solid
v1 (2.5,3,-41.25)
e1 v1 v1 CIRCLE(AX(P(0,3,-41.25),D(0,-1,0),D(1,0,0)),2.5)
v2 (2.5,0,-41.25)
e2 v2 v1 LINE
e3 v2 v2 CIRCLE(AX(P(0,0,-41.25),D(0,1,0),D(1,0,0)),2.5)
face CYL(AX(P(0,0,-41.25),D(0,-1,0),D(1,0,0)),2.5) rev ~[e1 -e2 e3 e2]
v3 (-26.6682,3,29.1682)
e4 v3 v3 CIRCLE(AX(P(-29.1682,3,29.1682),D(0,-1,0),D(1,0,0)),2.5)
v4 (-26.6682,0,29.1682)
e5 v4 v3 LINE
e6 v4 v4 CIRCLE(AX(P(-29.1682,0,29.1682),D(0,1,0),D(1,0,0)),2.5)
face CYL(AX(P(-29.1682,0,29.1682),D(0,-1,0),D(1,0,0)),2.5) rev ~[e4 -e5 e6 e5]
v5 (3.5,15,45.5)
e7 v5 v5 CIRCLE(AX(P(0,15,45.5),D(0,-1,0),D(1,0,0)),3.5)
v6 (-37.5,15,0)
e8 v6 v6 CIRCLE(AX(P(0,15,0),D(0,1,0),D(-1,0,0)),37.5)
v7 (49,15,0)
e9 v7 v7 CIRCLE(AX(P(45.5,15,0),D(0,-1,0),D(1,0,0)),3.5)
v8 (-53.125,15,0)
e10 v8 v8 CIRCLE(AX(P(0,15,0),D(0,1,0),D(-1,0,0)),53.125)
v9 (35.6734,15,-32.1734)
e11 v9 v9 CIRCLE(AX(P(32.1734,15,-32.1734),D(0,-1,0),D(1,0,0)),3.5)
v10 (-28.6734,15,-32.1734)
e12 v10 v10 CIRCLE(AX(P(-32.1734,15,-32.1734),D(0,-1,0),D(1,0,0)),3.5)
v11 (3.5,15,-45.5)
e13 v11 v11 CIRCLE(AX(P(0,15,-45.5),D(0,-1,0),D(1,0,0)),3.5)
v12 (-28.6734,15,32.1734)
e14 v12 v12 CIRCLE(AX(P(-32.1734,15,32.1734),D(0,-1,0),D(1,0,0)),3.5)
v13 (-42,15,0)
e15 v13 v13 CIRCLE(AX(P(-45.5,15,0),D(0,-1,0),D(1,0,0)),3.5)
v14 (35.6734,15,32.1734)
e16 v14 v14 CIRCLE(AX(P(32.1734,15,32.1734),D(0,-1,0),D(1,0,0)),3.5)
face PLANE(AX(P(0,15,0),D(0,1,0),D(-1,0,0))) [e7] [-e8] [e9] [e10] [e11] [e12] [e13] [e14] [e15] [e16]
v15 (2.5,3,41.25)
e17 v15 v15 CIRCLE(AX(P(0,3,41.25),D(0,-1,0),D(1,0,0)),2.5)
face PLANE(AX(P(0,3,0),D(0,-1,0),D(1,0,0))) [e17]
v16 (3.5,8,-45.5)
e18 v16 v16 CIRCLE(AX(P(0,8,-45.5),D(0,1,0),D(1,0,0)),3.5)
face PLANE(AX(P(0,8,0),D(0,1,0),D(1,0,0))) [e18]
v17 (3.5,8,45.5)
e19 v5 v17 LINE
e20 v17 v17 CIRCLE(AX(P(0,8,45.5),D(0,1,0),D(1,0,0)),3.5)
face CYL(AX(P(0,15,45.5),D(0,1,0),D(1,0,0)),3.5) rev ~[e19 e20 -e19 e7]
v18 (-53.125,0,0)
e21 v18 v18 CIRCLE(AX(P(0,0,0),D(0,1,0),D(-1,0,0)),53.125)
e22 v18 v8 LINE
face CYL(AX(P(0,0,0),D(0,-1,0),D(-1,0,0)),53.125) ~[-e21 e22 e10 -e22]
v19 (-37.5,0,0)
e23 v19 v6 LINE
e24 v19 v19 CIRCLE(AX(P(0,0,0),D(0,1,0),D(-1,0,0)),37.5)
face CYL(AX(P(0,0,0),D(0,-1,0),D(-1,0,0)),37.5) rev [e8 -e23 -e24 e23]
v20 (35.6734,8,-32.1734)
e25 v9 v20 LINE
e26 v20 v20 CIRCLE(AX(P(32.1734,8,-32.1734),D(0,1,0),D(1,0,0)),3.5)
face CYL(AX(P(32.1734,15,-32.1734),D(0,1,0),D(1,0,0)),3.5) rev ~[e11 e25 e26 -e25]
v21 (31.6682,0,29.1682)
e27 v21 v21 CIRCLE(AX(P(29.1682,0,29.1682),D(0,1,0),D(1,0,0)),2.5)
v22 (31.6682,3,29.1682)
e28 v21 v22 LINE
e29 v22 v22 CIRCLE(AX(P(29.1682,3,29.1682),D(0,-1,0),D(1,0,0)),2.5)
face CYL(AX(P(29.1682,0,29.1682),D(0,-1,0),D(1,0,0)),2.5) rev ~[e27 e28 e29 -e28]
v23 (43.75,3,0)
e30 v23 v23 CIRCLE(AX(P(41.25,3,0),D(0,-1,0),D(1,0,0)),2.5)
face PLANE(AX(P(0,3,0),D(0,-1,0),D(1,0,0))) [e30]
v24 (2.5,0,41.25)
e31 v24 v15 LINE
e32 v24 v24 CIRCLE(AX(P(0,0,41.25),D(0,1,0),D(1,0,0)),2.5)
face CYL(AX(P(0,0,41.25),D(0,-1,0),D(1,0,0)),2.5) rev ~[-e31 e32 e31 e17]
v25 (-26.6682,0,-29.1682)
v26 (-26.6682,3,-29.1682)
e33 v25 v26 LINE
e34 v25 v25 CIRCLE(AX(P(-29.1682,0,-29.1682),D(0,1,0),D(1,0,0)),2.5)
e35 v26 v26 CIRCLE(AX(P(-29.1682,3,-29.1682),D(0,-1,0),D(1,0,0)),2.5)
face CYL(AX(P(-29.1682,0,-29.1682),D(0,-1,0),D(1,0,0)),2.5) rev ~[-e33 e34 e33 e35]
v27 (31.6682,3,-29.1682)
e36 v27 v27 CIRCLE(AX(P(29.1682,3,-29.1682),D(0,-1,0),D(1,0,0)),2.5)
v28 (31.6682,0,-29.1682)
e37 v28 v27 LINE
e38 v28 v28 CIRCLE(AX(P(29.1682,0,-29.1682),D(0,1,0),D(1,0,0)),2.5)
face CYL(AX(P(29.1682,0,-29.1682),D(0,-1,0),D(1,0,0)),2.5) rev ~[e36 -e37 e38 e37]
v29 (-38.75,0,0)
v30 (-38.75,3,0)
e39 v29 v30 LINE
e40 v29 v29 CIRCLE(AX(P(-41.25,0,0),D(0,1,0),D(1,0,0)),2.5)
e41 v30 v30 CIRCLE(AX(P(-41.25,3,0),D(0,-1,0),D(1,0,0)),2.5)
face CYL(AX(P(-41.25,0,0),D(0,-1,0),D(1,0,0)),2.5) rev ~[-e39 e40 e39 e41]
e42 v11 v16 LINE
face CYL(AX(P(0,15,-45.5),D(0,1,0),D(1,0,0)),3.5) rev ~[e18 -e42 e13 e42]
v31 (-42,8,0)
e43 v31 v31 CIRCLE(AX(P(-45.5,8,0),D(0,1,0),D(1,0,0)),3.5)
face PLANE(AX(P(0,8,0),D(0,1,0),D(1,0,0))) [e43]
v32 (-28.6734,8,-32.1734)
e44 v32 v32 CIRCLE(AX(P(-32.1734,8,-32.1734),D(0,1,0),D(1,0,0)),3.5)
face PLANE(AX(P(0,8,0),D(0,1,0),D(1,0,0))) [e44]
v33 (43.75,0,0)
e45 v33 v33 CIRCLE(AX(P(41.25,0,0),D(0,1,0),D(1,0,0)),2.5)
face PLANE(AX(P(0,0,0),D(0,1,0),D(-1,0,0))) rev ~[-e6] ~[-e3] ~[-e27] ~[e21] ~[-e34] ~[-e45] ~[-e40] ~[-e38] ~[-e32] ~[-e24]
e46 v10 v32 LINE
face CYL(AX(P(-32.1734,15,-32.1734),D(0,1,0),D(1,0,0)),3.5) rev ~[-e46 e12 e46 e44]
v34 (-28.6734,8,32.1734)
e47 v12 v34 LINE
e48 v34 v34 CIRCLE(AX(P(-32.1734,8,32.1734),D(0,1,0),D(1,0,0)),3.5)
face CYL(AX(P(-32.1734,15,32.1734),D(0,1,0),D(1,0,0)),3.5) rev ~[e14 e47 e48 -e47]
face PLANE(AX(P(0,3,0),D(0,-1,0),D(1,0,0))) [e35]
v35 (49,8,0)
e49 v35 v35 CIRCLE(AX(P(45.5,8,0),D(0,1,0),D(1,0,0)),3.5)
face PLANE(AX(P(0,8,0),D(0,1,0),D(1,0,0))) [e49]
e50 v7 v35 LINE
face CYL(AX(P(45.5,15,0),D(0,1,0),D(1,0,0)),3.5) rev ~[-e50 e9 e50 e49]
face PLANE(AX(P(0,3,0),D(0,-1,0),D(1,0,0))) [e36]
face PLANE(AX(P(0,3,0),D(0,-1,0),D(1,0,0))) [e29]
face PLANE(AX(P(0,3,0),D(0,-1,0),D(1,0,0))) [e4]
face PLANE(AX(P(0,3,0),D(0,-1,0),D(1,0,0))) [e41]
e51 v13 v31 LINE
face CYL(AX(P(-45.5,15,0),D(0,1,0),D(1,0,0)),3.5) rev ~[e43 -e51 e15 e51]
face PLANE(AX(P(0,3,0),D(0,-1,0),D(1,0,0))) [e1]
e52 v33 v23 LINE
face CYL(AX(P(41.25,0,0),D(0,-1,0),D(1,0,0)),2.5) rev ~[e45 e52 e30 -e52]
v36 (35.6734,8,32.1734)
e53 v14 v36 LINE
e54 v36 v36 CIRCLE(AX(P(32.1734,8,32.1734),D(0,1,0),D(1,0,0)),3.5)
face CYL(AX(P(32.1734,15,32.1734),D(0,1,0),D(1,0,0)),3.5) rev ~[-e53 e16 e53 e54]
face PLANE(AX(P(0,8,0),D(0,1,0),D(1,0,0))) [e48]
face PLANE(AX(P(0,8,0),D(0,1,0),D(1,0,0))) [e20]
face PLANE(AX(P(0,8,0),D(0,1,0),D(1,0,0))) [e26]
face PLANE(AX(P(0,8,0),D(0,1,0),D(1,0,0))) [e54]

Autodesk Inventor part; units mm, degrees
ref_plane "YZ Plane" through (0, 0, 0) normal (1, 0, 0) x (0, 1, 0)
ref_plane "XZ Plane" through (0, 0, 0) normal (0, 1, 0) x (-1, 0, 0)
ref_plane "XY Plane" through (0, 0, 0) normal (0, 0, 1) x (1, 0, 0)
sketch "Sketch1" plane through (0, 0, 0) normal (0, 1, 0) x (-1, 0, 0)
  circle A0 centre (0, 0) radius 53.125
  circle A1 centre (0, 0) radius 37.5
  dimension "d0" = 106.25
  dimension "d1" = 75
extrude "Extrusion1" add sketch "Sketch1" along normal blind 15
sketch "Sketch2" plane through (0, 0, 0) normal (0, -1, 0) x (1, 0, 0)
  circle A0 centre (0, 0) radius 41.25
  circle A1 centre (-41.25, 0) radius 2.5
  circle A2 centre (-29.1682, -29.1682) radius 2.5
  circle A3 centre (0, -41.25) radius 2.5
  circle A4 centre (29.1682, -29.1682) radius 2.5
  circle A5 centre (41.25, 0) radius 2.5
  circle A6 centre (29.1682, 29.1682) radius 2.5
  circle A7 centre (0, 41.25) radius 2.5
  circle A8 centre (-29.1682, 29.1682) radius 2.5
  dimension "d4" = 82.5
  dimension "d5" = 5
  dimension "d8" = 360
extrude "Extrusion2" cut sketch "Sketch2" against normal blind 3 contours A0 A5 | A0 A5 | A6 A0 | A0 A6 | A4 A0 | A0 A4 | A7 A0 | A0 A7 | A3 A0 | A0 A3 | A8 A0 | A0 A8 | A2 A0 | A0 A2 | A1 A0 | A0 A1
sketch "Sketch3" plane through (0, 15, 0) normal (0, 1, 0) x (1, 0, 0)
  circle A0 centre (0, 0) radius 45.5
  circle A1 centre (45.5, 0) radius 3.5
  circle A2 centre (32.1734, 32.1734) radius 3.5
  circle A3 centre (0, 45.5) radius 3.5
  circle A4 centre (-32.1734, 32.1734) radius 3.5
  circle A5 centre (-45.5, 0) radius 3.5
  circle A6 centre (-32.1734, -32.1734) radius 3.5
  circle A7 centre (0, -45.5) radius 3.5
  circle A8 centre (32.1734, -32.1734) radius 3.5
  dimension "d12" = 91
  dimension "d13" = 7
  dimension "d16" = 360
extrude "Extrusion3" cut sketch "Sketch3" against normal blind 7 contours A0 A1 | A0 A1 | A2 A0 | A0 A2 | A8 A0 | A0 A8 | A3 A0 | A0 A3 | A7 A0 | A0 A7 | A4 A0 | A0 A4 | A6 A0 | A0 A6 | A5 A0 | A0 A5
properties part number "Magnet Spacer"
